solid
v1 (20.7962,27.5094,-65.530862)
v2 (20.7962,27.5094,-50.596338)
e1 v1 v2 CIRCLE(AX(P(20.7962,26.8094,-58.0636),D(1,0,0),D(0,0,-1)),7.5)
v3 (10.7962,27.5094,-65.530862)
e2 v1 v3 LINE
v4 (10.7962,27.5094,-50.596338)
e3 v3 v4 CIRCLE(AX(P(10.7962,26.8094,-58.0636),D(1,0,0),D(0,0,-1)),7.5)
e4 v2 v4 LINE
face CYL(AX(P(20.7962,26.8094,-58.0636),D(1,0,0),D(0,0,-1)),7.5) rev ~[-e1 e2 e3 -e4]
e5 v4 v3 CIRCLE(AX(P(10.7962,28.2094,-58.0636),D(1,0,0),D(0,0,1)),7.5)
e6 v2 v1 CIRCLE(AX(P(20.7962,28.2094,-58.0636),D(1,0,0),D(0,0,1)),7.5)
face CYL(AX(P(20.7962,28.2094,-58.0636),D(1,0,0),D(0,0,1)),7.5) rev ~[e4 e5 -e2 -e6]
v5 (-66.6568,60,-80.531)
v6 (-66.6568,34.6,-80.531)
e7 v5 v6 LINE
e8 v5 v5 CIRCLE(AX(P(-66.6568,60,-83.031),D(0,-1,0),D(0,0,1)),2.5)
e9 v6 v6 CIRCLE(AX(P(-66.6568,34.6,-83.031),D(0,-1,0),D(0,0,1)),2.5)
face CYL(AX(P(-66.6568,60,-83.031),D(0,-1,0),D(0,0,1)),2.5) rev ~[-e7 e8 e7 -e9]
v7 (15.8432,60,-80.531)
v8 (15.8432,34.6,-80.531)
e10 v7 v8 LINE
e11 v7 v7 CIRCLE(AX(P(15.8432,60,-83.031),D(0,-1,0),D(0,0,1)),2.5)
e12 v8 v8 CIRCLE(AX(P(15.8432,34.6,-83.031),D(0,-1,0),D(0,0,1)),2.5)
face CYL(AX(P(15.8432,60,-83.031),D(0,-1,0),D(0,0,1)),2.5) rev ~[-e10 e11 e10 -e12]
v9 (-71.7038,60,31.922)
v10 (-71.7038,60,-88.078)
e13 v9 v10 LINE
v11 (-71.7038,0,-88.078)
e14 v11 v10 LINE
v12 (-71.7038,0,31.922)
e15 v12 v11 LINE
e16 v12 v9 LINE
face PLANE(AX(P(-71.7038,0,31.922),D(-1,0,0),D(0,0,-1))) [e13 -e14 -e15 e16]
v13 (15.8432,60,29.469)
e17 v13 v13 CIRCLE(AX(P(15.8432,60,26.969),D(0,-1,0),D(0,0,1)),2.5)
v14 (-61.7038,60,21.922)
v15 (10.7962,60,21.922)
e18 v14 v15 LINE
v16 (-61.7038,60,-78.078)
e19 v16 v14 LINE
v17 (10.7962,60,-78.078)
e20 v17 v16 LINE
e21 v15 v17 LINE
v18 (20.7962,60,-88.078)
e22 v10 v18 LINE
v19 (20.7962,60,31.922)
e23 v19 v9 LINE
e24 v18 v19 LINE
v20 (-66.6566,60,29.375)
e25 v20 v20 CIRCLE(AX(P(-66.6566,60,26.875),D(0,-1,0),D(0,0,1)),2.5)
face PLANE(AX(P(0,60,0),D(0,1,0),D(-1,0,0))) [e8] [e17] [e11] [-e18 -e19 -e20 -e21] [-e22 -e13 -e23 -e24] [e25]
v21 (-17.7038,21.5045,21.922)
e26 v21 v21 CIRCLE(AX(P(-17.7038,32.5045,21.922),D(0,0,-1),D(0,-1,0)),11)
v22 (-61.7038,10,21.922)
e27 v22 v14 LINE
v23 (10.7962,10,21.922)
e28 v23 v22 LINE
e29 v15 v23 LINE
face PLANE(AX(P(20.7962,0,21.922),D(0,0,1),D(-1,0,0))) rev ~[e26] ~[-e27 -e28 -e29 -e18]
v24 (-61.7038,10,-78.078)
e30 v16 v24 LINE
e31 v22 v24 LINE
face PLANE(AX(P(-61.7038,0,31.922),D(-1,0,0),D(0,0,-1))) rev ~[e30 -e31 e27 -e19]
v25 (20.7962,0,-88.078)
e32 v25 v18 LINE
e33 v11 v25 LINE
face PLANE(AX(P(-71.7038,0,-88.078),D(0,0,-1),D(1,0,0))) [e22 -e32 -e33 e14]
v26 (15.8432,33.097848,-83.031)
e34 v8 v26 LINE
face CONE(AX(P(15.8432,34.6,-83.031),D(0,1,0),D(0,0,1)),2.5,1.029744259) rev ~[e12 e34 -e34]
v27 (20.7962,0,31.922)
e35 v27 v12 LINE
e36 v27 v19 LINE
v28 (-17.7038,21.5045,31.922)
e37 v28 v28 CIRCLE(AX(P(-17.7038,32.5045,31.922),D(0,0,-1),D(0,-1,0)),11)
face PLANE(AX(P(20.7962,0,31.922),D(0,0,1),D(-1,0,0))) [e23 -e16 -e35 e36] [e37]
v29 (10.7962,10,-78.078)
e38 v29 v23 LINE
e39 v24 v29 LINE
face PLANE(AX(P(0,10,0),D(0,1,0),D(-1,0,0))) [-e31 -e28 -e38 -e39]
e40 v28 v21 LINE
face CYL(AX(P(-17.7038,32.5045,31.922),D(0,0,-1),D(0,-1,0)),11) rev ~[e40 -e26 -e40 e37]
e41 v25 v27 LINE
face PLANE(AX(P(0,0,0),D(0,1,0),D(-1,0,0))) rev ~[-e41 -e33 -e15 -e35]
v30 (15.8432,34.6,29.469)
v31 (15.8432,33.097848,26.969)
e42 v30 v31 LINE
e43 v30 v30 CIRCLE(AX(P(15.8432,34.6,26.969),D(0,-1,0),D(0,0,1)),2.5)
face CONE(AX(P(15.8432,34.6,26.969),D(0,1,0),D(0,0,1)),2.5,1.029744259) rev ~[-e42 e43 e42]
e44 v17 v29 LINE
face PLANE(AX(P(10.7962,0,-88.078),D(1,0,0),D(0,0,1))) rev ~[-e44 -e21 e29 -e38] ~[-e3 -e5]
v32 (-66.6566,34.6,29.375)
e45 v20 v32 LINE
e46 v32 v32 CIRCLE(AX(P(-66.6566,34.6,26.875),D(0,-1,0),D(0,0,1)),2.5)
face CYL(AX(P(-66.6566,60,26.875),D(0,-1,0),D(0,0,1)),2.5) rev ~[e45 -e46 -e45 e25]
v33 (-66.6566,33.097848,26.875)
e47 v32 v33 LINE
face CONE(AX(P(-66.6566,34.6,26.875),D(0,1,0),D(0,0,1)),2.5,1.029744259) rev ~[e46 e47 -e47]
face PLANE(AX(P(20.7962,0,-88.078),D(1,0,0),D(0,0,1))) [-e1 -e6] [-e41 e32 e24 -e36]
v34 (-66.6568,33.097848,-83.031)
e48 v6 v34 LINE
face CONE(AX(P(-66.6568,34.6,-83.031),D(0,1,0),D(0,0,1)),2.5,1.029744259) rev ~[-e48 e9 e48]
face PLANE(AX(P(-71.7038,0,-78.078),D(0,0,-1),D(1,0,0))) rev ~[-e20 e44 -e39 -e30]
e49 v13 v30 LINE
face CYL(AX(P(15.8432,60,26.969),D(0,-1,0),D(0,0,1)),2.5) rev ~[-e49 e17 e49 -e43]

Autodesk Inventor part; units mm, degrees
ref_plane "YZ Plane" through (0, 0, 0) normal (1, 0, 0) x (0, 1, 0)
ref_plane "XZ Plane" through (0, 0, 0) normal (0, 1, 0) x (-1, 0, 0)
ref_plane "XY Plane" through (0, 0, 0) normal (0, 0, 1) x (1, 0, 0)
sketch "Sketch1" plane through (0, 0, 0) normal (0, 1, 0) x (-1, 0, 0)
  line L0 (71.7038, 31.922) -> (71.7038, -88.078)
  line L1 (71.7038, -88.078) -> (-20.7962, -88.078)
  line L2 (-20.7962, -88.078) -> (-20.7962, 31.922)
  line L3 (-20.7962, 31.922) -> (71.7038, 31.922)
  point P0 (0, 0)
  dimension "d0" = 120
  dimension "d1" = 92.5
extrude "Extrusion1" add sketch "Sketch1" along normal blind 60
shell "Shell2" thickness 10 removed faces 1 at (-10.0371, 60, -48.078)
sketch "Sketch12" plane through (0, 60, 0) normal (0, 1, 0) x (1, 0, 0)
  line L0 (10.7962, 78.078) -> (10.7962, -21.922) projected
  line L1 (10.7962, -21.922) -> (20.7962, -21.922)
  line L2 (20.7962, -31.922) -> (20.7962, 88.078) projected
  line L3 (20.7962, -21.922) -> (20.7962, -31.922)
  line L4 (20.7962, -31.922) -> (10.7962, -31.922)
  line L5 (10.7962, -31.922) -> (10.7962, -21.922)
  line L6 (20.7962, -31.922) -> (15.8432, -31.922)
  line L7 (-71.7038, -31.922) -> (20.7962, -31.922) projected
  line L8 (15.8432, -26.969) -> (20.7962, -26.969)
  line L9 (15.8432, -26.969) -> (15.8432, -31.922)
  point P0 (0, 0)
  dimension "d124" = 4.953
  dimension "d125" = 4.953
hole "Hole11" at (15.8432, 60, 26.969) direction (0, -1, 0) diameter 5 depth 25.4 tip angle 118
sketch "Sketch19" plane through (0, 60, 0) normal (0, 1, 0) x (1, 0, 0)
  line L0 (10.7962, -21.922) -> (-61.7038, -21.922) projected
  line L1 (-61.7038, -21.922) -> (-61.7038, -31.922)
  line L2 (-71.7038, -31.922) -> (20.7962, -31.922) projected
  line L3 (-71.7038, -31.922) -> (-71.7038, -21.922)
  line L4 (-71.7038, 88.078) -> (-71.7038, -31.922) projected
  line L5 (-61.7038, -23.8125) -> (-61.7038, -21.922)
  line L6 (-71.7038, -21.922) -> (-61.7038, -21.922)
  line L7 (-61.7038, -21.922) -> (-61.7038, 78.078) projected
  line L8 (-61.7038, -21.922) -> (-66.7038, -21.922)
  line L9 (-66.6566, -26.875) -> (-61.7038, -26.922)
  line L10 (-66.6566, -26.875) -> (-66.7038, -21.922)
  point P0 (0, 0)
  dimension "d133" = 4.953
  dimension "d134" = 4.953
hole "Hole12" at (-66.6566, 60, 26.875) direction (0, -1, 0) diameter 5 depth 25.4 tip angle 118
sketch "Sketch21" plane through (0, 60, 0) normal (0, 1, 0) x (1, 0, 0)
  line L0 (10.7962, -21.922) -> (10.7962, 78.078) projected
  line L1 (10.7962, 78.078) -> (20.7962, 78.078)
  line L2 (20.7962, -31.922) -> (20.7962, 88.078) projected
  line L3 (20.7962, 88.078) -> (10.7962, 88.078)
  line L4 (20.7962, 88.078) -> (-71.7038, 88.078) projected
  line L5 (10.7962, 78.078) -> (10.7962, 88.078)
  line L6 (10.7962, 78.078) -> (-61.7038, 78.078) projected
  line L7 (10.7962, 78.078) -> (15.7962, 78.078)
  line L8 (15.8432, 83.031) -> (20.7962, 83.031)
  line L9 (15.8432, 83.031) -> (15.7962, 78.078)
  point P0 (0, 0)
  dimension "d146" = 4.953
hole "Hole13" at (15.8432, 60, -83.031) direction (0, -1, 0) diameter 5 depth 25.4 tip angle 118
sketch "Sketch22" plane through (0, 60, 0) normal (0, 1, 0) x (1, 0, 0)
  line L0 (-61.7038, 78.078) -> (10.7962, 78.078) projected
  line L1 (-61.7038, 78.078) -> (-71.7038, 78.078)
  line L2 (-71.7038, 88.078) -> (-71.7038, -31.922) projected
  line L3 (-71.7038, 88.078) -> (-61.7038, 88.078)
  line L4 (20.7962, 88.078) -> (-71.7038, 88.078) projected
  line L5 (-61.7038, 78.078) -> (-61.7038, 88.078)
  line L6 (-61.7038, 78.078) -> (-66.7038, 78.078)
  line L7 (-66.6568, 83.031) -> (-61.7038, 83.031)
  line L8 (-66.6568, 83.031) -> (-66.7038, 78.078)
  point P0 (0, 0)
  dimension "d155" = 4.953
  dimension "d156" = 4.953
hole "Hole14" at (-66.6568, 60, -83.031) direction (0, -1, 0) diameter 5 depth 25.4 tip angle 118
sketch "Sketch23" plane through (-71.7038, 0, 31.922) normal (0, 0, 1) x (1, 0, 0)
  point P0 (71.7038, 0)
sketch "Sketch24" plane through (-71.7038, 0, 31.922) normal (0, 0, 1) x (1, 0, 0)
  line L0 (0, 0) -> (0, 60) projected
  line L1 (0, 60) -> (0, 0)
  line L2 (0, 0) -> (92.5, 0) projected
  line L3 (0, 0) -> (92.5, 0)
  line L4 (92.5, 0) -> (92.5, 60) projected
  line L5 (92.5, 0) -> (92.5, 60)
  line L6 (0, 60) -> (92.5, 60) projected
  line L7 (92.5, 60) -> (0, 60)
  line L8 (0, 32.5045) -> (54, 32.5045)
  line L9 (54, 32.5045) -> (46.25, 60)
  line L10 (82.5, 60) -> (10, 60) projected
  point P0 (71.7038, 0)
  dimension "d164" = 60
  dimension "d165" = 92.5
  dimension "d175" = 54
  dimension "d176" = 27.4955
hole "Hole15" at (-17.7038, 32.5045, 31.922) direction (0, 0, -1) diameter 22 depth 25.4 tip angle 118
sketch "Sketch32" plane through (20.7962, 0, 31.922) normal (1, 0, 0) x (0, 0, -1)
  line L0 (0, 60) -> (120, 60) projected
  line L1 (90, 60) -> (90, 32.5)
  line L2 (90, 32.5) -> (120, 32.5)
  line L3 (120, 0) -> (120, 60) projected
  point P0 (31.922, 0)
  dimension "d189" = 27.5
  dimension "d190" = 30
sketch "Sketch33" plane through (20.7962, 0, 31.922) normal (1, 0, 0) x (0, 0, -1)
  line L0 (89.9856, 20.7094) -> (89.9856, 34.3094) construction
  line L1 (82.4856, 28.2094) -> (82.4856, 26.8094)
  line L2 (97.4856, 26.8094) -> (97.4856, 28.2094)
  arc A0 (82.4856, 28.2094) -> (97.4856, 28.2094) centre (89.9856, 28.2094) ccw
  arc A1 (97.4856, 26.8094) -> (82.4856, 26.8094) centre (89.9856, 26.8094) ccw
  point P0 (31.922, 0)
  point P1 (89.9856, 27.5094)
  point P2 (97.4528, 27.5094)
  point P3 (82.5183, 27.5094)
  dimension "d191" = 13.6
  dimension "d192" = 7.5
extrude "Extrusion2" cut sketch "Sketch33" against normal blind 10 contours A1 A0
sketch "Sketch35" plane through (-71.7038, 0, 31.922) normal (0, 0, 1) x (1, 0, 0)
  circle A0 centre (54, 32.5045) radius 11 projected
  line L0 (43, 32.5045) -> (-0.012, 32.5045)
  line L1 (10, 10) -> (10, 60) projected
  point P0 (71.7038, 0)
  dimension "d195" = 43.012
properties part number "Water_Proof_Box_Bottom"
